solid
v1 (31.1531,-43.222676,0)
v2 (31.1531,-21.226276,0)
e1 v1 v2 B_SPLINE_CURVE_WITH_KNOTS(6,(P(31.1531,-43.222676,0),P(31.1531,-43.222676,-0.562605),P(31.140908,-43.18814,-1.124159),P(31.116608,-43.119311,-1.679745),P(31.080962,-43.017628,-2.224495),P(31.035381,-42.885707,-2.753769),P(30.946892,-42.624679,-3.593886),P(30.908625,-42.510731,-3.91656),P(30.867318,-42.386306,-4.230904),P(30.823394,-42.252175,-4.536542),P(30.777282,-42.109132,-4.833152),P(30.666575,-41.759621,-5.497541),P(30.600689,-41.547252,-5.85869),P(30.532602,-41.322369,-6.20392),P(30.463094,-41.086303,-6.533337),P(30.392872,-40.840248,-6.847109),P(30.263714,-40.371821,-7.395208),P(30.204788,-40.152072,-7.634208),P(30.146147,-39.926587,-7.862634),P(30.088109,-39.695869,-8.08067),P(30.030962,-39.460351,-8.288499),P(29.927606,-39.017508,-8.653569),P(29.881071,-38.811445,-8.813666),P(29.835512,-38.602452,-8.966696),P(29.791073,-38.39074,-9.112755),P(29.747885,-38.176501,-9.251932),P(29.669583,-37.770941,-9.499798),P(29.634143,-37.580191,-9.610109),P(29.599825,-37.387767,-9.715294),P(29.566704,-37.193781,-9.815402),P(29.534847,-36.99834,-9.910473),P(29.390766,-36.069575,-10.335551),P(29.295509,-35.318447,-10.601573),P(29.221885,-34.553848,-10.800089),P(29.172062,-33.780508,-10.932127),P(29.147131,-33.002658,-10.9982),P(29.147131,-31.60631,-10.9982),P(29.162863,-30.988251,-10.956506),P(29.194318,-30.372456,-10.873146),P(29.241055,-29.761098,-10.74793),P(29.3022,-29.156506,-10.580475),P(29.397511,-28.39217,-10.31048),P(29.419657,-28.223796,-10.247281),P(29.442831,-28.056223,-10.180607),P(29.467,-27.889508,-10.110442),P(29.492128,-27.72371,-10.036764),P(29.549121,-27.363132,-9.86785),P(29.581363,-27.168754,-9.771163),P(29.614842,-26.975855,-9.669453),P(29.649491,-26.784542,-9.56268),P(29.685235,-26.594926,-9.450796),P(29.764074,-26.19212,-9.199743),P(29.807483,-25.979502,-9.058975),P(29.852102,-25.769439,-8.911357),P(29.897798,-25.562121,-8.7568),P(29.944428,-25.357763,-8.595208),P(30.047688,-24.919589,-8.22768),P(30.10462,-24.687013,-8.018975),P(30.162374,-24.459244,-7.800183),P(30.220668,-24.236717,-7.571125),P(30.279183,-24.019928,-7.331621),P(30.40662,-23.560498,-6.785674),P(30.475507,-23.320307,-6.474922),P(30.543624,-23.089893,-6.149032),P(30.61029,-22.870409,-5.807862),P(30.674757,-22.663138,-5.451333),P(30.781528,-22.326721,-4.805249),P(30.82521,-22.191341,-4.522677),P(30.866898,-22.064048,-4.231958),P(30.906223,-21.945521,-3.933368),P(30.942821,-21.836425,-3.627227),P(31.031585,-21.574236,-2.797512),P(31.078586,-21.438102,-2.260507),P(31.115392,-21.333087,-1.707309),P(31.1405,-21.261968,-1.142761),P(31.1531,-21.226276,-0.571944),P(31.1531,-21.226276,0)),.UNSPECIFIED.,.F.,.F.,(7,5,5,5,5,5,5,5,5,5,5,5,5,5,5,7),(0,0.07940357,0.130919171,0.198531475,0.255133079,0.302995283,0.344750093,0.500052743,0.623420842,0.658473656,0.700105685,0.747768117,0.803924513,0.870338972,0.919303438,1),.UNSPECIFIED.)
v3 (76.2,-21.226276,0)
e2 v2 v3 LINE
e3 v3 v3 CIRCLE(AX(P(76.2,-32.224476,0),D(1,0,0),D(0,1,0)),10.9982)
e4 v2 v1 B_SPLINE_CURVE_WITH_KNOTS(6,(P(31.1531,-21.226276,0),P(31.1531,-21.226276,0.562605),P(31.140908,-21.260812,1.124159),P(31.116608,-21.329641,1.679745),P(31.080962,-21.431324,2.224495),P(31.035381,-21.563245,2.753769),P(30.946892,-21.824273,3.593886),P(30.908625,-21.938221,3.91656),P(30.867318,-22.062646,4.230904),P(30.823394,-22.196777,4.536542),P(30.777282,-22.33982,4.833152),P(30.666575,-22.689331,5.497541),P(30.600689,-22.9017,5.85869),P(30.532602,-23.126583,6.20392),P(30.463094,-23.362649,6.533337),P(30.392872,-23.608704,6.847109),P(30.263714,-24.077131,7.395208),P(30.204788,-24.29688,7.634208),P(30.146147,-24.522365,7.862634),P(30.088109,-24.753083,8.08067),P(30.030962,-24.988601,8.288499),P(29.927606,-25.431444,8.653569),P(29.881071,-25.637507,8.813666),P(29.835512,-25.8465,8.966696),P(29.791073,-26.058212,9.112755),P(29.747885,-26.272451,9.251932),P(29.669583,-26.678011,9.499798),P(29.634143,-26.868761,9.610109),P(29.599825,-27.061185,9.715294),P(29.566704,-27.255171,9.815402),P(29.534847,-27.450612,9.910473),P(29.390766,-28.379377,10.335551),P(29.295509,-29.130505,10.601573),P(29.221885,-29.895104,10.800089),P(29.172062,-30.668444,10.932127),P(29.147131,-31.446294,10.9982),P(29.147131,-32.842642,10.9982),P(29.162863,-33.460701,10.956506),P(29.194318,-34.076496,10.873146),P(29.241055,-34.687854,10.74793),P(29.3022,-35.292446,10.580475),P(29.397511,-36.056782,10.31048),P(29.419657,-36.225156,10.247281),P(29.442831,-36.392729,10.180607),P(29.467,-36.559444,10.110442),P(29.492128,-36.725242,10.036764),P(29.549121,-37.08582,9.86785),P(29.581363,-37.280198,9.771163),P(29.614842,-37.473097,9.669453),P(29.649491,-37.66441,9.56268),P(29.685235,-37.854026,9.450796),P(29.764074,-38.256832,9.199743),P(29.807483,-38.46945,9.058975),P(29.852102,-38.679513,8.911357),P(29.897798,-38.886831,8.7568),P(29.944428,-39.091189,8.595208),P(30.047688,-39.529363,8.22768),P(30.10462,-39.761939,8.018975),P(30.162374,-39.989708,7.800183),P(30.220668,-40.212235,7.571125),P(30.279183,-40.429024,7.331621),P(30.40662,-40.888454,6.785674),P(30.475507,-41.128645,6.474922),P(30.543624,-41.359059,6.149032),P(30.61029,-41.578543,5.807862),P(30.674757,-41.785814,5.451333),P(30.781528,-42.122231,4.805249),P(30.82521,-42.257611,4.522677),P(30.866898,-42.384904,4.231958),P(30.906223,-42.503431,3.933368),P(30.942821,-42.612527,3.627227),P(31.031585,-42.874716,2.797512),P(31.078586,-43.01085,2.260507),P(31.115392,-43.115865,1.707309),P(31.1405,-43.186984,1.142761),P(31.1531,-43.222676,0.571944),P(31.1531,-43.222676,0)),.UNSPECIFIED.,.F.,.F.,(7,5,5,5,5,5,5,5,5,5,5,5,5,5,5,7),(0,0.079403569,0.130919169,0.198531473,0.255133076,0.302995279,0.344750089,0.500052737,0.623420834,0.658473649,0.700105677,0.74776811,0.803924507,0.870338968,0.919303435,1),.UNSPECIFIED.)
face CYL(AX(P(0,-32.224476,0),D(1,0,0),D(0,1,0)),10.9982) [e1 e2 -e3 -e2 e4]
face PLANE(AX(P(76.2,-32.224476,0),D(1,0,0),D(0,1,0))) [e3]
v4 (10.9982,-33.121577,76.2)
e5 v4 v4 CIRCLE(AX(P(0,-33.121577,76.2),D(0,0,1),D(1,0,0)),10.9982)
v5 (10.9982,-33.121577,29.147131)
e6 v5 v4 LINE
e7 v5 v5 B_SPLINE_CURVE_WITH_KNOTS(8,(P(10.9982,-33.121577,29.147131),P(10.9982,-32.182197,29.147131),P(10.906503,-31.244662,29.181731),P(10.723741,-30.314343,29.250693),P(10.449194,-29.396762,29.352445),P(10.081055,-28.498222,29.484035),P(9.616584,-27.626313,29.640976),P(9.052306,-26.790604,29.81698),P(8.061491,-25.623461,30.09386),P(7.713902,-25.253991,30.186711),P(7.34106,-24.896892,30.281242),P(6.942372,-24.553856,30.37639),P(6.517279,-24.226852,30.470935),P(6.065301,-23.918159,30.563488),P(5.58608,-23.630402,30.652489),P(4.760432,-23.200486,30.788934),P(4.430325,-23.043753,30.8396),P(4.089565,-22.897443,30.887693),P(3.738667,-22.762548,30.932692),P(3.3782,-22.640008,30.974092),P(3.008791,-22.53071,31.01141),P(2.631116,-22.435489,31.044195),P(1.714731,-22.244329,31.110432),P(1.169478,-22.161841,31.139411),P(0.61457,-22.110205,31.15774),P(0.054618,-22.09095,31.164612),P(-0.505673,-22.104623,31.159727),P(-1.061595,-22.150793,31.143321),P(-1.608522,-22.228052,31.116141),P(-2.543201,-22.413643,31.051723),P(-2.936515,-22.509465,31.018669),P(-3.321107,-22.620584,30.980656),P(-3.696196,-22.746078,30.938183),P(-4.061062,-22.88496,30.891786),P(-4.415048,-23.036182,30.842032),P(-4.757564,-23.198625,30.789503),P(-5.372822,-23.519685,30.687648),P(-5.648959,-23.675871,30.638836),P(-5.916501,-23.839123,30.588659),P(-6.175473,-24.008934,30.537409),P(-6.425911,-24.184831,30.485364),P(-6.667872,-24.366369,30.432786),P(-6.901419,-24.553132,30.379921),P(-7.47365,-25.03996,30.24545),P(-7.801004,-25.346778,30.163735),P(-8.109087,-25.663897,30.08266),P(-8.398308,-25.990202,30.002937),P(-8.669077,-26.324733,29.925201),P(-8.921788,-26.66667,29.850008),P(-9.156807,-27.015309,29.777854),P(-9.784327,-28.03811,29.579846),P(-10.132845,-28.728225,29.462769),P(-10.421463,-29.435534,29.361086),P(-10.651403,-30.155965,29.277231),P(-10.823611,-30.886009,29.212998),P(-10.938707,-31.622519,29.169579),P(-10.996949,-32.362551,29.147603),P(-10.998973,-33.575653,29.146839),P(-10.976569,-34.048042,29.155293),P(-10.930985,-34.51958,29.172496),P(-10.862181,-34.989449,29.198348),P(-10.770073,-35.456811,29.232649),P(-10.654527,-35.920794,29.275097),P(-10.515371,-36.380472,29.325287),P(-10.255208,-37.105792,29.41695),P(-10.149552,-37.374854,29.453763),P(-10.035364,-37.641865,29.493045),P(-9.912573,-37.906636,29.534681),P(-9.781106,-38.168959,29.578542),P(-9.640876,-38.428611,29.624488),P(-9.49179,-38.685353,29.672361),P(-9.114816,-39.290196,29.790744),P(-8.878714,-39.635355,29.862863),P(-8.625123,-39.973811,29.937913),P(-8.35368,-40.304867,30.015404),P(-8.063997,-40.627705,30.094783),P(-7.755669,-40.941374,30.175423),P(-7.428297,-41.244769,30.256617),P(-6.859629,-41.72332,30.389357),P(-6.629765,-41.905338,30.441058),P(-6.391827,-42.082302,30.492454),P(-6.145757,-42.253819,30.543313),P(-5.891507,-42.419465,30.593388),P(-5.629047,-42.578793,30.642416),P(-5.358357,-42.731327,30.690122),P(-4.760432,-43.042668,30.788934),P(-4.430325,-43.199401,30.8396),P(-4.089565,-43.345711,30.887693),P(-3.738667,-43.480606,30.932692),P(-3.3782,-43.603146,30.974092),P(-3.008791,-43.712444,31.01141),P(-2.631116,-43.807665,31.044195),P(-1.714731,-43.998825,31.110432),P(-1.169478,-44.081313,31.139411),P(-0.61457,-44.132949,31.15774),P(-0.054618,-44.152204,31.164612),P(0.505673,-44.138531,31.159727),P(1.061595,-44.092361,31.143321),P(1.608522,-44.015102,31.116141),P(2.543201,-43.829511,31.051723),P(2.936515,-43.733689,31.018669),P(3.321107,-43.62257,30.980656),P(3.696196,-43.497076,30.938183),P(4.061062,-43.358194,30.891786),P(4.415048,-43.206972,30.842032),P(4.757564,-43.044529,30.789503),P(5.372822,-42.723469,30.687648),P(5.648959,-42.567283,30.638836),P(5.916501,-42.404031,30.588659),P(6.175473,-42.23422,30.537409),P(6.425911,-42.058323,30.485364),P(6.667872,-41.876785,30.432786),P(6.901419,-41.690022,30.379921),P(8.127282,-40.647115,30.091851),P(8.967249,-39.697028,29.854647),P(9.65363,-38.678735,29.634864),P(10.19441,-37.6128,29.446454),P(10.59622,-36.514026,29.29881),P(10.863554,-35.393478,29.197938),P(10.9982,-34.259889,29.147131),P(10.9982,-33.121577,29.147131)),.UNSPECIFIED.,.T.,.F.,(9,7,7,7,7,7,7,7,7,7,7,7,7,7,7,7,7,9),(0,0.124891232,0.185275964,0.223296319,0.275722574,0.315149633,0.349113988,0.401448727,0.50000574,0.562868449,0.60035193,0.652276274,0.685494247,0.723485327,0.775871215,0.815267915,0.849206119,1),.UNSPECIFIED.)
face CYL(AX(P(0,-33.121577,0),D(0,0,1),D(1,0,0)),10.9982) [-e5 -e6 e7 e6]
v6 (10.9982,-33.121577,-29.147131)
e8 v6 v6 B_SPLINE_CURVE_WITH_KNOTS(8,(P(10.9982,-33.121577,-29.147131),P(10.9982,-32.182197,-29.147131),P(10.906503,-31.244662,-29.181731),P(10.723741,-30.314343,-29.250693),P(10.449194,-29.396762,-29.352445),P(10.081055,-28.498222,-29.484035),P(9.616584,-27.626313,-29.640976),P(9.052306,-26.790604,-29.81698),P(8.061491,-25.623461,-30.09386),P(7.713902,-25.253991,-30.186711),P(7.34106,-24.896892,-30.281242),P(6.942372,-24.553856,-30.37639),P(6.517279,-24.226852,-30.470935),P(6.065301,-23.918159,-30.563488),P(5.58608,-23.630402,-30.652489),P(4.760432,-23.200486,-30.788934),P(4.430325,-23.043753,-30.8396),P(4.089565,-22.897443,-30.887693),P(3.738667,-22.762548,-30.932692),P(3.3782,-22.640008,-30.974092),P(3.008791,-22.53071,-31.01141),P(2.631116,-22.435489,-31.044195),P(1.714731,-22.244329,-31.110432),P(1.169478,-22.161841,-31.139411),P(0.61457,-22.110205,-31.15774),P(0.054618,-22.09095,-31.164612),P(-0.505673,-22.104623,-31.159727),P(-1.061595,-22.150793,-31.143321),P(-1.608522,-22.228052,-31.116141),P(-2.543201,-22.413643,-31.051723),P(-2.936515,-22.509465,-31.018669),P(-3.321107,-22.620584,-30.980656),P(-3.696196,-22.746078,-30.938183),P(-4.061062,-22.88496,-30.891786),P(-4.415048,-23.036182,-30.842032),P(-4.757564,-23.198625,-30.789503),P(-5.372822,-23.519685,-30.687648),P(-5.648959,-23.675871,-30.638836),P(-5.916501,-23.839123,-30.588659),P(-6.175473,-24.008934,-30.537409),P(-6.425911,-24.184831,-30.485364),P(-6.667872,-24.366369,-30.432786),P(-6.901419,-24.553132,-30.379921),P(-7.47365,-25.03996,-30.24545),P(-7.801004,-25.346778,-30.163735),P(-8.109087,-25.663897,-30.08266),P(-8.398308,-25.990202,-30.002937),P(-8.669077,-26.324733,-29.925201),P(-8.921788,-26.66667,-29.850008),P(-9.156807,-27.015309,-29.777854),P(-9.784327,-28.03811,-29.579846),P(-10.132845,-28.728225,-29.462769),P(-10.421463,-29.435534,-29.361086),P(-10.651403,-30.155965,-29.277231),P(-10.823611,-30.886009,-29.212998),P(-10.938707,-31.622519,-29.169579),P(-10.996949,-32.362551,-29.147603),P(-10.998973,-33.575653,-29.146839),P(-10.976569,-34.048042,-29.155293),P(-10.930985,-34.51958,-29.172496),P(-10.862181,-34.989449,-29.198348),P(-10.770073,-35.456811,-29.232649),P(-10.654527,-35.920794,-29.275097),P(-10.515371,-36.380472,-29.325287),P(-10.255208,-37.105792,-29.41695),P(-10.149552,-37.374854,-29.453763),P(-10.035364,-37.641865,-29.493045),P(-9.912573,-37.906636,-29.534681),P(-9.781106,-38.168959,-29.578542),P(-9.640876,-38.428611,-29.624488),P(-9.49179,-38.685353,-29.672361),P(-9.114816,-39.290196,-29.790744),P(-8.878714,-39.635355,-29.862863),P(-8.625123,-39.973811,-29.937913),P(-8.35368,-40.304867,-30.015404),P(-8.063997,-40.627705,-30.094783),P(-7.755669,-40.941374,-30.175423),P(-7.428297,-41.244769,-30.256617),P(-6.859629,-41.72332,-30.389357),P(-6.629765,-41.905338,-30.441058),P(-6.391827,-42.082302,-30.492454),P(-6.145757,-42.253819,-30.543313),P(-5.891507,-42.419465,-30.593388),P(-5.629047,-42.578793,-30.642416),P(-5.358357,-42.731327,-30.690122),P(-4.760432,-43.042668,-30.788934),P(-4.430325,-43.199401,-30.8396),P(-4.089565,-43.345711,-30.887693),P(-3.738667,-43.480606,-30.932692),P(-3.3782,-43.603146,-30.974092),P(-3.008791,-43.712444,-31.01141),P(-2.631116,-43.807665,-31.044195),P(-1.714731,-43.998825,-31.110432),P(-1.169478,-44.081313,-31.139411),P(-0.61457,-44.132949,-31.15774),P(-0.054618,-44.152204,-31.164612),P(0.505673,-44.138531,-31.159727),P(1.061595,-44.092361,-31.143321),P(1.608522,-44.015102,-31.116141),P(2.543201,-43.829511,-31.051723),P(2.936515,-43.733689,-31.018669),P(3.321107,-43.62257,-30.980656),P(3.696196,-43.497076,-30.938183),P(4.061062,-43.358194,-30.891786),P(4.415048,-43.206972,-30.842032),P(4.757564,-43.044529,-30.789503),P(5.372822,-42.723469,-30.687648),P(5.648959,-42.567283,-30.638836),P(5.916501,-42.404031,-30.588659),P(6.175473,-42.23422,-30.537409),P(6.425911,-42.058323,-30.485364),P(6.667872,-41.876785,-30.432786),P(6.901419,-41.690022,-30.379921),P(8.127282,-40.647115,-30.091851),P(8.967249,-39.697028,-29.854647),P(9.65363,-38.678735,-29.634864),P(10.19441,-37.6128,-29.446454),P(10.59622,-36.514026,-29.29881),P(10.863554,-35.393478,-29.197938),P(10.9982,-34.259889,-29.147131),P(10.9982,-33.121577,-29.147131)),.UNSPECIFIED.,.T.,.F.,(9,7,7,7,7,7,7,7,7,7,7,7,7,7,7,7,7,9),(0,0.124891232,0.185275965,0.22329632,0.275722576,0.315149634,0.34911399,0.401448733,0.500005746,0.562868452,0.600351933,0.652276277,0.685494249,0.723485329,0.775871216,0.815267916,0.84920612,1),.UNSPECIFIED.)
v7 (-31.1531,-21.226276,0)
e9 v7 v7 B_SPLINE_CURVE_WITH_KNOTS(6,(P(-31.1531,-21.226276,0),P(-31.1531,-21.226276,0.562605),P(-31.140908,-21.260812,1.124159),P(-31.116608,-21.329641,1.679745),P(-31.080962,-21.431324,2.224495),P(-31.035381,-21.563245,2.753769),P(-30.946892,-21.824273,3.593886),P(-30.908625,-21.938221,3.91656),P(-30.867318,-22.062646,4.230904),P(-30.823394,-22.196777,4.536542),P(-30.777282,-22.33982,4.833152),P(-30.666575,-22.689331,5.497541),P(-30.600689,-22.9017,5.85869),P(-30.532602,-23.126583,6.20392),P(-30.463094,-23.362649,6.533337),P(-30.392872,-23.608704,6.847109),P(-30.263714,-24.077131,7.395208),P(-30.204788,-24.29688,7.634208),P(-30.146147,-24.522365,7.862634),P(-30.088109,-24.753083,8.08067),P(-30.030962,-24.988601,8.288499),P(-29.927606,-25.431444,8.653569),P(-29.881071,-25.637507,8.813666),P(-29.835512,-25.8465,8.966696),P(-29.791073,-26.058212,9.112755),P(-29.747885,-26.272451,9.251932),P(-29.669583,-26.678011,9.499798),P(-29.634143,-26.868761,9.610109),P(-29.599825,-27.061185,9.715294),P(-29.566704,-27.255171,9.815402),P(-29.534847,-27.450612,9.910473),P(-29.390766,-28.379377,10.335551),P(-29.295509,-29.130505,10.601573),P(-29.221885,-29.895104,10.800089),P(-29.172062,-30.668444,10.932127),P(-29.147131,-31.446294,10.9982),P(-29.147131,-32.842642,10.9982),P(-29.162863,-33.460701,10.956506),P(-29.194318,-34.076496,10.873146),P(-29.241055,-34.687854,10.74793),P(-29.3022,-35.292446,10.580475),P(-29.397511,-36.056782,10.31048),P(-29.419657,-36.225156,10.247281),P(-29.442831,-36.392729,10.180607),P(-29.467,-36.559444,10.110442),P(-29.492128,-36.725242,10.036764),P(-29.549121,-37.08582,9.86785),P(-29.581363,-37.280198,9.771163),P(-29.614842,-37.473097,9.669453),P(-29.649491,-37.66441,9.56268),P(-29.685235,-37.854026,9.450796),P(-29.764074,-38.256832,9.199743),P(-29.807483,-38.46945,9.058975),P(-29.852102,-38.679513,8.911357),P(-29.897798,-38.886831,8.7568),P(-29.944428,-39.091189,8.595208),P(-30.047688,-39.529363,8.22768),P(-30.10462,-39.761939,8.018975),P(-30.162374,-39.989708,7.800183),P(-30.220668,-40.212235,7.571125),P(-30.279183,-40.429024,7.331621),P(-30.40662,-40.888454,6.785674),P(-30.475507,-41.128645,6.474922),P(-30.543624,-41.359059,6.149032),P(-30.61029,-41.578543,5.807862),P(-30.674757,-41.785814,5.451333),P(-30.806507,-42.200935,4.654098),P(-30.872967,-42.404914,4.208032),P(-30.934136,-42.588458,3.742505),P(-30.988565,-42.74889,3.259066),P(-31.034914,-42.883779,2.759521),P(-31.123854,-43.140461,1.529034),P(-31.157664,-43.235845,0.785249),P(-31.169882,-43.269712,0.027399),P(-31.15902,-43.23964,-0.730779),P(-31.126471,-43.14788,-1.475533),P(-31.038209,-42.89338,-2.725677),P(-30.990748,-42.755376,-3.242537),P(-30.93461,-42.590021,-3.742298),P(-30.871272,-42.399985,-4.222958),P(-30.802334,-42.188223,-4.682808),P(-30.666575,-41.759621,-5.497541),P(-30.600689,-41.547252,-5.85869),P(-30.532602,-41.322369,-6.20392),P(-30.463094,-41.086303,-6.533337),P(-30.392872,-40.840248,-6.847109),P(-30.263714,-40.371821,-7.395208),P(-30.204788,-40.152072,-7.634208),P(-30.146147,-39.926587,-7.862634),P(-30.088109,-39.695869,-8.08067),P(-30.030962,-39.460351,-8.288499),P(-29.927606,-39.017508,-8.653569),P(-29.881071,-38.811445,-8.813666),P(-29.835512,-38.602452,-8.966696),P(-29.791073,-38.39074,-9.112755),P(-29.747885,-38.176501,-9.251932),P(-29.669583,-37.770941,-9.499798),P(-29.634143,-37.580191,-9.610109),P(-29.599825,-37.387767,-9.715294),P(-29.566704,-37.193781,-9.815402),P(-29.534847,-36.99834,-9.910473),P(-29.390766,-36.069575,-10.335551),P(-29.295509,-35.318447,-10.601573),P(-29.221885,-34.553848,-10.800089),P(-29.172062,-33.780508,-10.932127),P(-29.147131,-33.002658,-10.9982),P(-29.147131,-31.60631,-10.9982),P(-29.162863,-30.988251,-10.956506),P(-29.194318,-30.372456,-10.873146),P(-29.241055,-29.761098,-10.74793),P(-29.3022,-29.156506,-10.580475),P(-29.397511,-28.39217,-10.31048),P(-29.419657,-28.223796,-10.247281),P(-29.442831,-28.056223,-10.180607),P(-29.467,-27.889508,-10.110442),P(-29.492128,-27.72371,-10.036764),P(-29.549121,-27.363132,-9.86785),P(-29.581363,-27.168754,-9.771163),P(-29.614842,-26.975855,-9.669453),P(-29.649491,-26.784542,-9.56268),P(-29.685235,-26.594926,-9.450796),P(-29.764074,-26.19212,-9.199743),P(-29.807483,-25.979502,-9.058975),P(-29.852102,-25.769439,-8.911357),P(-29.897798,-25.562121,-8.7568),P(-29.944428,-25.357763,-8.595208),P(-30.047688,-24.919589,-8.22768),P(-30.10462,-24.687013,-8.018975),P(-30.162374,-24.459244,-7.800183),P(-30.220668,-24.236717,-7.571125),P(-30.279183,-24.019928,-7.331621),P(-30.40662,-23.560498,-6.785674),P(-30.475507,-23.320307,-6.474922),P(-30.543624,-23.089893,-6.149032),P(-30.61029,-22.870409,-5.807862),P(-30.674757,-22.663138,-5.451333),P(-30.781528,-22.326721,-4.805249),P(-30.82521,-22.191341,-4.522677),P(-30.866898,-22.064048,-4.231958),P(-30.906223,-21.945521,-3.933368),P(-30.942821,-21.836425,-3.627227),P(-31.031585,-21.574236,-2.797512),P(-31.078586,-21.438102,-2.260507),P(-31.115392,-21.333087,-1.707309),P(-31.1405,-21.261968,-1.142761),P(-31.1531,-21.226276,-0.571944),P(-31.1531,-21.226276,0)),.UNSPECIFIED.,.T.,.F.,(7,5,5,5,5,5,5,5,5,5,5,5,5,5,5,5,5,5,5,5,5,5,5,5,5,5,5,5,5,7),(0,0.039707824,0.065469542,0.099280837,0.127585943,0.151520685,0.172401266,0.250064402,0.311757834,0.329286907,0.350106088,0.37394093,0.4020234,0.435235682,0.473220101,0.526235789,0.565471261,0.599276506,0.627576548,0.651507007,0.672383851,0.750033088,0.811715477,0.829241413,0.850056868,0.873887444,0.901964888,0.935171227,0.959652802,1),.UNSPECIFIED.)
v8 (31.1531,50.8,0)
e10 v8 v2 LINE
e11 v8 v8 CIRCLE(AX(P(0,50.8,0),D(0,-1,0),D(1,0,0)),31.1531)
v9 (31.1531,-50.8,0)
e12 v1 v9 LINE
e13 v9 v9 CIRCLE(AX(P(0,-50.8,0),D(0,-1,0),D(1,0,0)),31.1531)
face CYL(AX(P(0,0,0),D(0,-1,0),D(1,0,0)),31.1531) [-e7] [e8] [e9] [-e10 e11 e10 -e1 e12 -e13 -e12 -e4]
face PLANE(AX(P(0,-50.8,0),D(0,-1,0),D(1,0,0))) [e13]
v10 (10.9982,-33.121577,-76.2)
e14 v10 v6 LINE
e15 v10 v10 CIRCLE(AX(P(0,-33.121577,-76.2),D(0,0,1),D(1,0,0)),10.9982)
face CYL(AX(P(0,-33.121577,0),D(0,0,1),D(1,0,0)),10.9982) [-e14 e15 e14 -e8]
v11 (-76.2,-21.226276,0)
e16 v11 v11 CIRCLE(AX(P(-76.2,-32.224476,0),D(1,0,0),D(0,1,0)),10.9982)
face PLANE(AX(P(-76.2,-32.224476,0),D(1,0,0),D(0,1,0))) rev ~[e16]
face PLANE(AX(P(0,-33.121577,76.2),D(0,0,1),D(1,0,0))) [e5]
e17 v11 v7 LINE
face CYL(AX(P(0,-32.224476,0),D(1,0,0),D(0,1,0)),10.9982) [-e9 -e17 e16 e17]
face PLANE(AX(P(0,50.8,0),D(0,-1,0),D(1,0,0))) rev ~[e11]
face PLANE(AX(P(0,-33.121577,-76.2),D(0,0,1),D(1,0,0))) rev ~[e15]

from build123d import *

# Parameters (mm, degrees)
F0_R     = 31.1531
F1_DEPTH = 50.8
F2_R     = 10.9982
F4_DEPTH = 76.2
F3_R     = 10.9982
F5_DEPTH = 76.2


with BuildPart() as f1:
    # F0 (on Front) → F1 (new body, symmetric)
    with BuildSketch(Plane.XZ):
        Circle(F0_R)
    extrude(amount=F1_DEPTH, both=True)

    # F2 (on Right) → F4 (join, symmetric)
    with BuildSketch(Plane.YZ):
        with Locations((-32.224476, 0)):
            Circle(F2_R)
    extrude(amount=F4_DEPTH, both=True)

    # F3 (on Top) → F5 (join, symmetric)
    with BuildSketch(Plane.XY):
        with Locations((0, -33.121577)):
            Circle(F3_R)
    extrude(amount=F5_DEPTH, both=True)


solid = f1.part
